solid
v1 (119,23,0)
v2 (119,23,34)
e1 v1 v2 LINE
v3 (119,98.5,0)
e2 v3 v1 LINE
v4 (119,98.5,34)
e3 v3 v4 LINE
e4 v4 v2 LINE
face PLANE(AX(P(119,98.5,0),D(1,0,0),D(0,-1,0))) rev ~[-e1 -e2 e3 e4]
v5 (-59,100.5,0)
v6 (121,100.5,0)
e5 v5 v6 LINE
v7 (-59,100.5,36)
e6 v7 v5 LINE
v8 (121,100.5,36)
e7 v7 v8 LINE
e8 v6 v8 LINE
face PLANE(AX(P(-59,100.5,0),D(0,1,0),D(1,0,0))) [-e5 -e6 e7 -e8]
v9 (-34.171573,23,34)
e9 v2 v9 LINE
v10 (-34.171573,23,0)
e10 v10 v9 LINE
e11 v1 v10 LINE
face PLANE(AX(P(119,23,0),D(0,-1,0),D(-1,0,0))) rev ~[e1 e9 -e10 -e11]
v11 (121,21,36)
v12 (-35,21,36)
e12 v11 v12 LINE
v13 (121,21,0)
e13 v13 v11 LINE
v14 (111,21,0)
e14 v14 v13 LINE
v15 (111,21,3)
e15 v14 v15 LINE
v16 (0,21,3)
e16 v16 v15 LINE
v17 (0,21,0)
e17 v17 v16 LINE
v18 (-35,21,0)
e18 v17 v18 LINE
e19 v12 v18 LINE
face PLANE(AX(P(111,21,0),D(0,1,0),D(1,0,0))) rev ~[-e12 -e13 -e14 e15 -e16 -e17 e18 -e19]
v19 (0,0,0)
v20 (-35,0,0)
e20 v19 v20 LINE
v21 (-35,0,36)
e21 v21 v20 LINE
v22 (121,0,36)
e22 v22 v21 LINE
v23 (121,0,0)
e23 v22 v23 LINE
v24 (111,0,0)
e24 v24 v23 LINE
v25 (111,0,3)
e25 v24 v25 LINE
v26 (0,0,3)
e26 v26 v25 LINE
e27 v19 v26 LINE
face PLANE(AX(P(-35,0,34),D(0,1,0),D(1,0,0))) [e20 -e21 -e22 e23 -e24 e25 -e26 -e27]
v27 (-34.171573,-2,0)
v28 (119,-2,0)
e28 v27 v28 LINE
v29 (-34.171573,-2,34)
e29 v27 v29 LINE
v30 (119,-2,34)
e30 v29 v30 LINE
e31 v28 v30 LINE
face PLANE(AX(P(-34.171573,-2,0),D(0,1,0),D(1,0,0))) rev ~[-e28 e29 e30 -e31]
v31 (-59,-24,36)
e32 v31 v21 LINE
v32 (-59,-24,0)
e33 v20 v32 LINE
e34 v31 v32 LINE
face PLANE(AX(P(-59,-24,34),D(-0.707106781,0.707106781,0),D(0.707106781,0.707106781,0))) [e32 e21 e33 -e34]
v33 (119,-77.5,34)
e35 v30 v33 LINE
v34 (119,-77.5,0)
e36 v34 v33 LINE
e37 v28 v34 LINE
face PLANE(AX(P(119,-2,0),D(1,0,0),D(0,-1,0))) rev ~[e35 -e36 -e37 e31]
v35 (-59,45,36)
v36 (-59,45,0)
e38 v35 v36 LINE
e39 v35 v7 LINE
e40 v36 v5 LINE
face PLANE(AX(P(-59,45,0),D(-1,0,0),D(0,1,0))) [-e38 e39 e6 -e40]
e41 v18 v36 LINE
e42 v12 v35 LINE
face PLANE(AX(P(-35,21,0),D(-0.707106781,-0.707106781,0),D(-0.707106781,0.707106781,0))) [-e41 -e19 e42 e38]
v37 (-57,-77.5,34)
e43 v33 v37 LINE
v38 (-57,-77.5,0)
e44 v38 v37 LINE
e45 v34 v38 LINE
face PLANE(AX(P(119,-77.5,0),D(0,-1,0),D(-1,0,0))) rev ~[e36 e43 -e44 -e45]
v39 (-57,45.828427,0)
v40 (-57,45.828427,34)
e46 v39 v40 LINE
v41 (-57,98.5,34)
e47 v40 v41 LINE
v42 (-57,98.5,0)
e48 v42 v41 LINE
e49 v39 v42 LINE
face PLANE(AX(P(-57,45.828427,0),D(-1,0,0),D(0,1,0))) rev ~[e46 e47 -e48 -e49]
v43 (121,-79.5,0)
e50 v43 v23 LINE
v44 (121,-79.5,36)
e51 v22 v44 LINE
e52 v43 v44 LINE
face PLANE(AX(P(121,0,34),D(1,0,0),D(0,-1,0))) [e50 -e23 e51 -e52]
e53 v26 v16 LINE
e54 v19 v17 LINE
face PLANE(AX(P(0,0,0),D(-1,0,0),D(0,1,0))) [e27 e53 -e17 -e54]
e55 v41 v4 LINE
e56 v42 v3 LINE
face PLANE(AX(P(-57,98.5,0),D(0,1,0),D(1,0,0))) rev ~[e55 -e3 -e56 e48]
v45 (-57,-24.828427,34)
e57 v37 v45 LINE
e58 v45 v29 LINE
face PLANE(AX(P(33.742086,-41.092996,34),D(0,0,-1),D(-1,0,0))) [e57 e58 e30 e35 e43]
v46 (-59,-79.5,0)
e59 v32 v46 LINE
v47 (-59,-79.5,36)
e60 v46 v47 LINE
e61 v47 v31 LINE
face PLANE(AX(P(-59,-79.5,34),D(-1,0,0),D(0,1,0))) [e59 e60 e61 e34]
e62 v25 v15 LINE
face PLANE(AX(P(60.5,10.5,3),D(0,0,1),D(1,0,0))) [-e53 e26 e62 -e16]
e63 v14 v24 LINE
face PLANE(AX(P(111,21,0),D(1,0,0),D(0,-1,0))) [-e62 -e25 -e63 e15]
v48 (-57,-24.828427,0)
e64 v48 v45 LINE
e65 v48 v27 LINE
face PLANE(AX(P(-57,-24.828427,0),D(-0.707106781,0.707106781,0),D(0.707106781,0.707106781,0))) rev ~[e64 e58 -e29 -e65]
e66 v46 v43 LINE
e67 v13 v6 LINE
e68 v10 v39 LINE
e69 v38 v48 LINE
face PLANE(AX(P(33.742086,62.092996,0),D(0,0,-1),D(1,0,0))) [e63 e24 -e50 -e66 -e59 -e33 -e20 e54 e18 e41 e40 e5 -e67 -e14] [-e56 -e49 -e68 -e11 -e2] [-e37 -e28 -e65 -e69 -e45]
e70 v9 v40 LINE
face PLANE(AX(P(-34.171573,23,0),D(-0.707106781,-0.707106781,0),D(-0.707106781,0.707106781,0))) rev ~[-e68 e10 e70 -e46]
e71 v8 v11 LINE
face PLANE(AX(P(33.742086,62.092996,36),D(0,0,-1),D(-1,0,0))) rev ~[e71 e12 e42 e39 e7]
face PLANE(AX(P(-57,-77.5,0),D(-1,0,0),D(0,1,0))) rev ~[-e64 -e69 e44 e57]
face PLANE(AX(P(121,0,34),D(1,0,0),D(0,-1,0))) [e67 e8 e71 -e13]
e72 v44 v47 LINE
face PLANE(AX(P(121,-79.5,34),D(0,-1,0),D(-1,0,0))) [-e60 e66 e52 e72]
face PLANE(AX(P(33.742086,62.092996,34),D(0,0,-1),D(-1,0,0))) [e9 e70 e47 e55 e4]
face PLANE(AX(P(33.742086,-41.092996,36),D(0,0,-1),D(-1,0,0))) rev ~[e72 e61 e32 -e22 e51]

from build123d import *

# Parameters (mm, degrees)
SKETCH_W     = 121
SKETCH_H     = 21
PAD_DEPTH    = 3
PAD001_DEPTH = 34
PAD002_DEPTH = 2
SKETCH003_W  = 10
SKETCH003_H  = 21
POCKET_DEPTH = 36.001


with BuildPart() as part:
    # Sketch → Pad (new body)
    with BuildSketch(Plane.XY):
        with Locations((60.5, 10.5)):
            Rectangle(SKETCH_W, SKETCH_H)
    extrude(amount=PAD_DEPTH)

    # Sketch001 (on Face5 of Pad) → Pad001 (join)
    with BuildSketch(Plane(origin=(0, 0, 0), x_dir=(1, 0, 0), z_dir=(0, 0, -1))):
        Polygon((121, -100.5), (121, -21), (-35, -21), (-59, -45), (-59, -100.5), align=None)
        Polygon((119, -98.5), (119, -23), (-34.171573, -23), (-57, -45.828427), (-57, -98.5), align=None, mode=Mode.SUBTRACT)
        Polygon((121, 0), (-35, 0), (-59, 24), (-59, 79.5), (121, 79.5), align=None)
        Polygon((-57, 77.5), (-57, 24.828427), (-34.171573, 2), (119, 2), (119, 77.5), align=None, mode=Mode.SUBTRACT)
    extrude(amount=-PAD001_DEPTH)

    # Sketch002 (on Face3 of Pad001) → Pad002 (join)
    with BuildSketch(Plane.XY.offset(34)):
        Polygon((-59, -79.5), (-59, -24), (-35, 0), (121, 0), (121, -79.5), align=None)
        Polygon((-35, 21), (-59, 45), (-59, 100.5), (121, 100.5), (121, 21), align=None)
    extrude(amount=PAD002_DEPTH)

    # Sketch003 (on Face5 of Pad002) → Pocket (cut, through all)
    with BuildSketch(Plane(origin=(0, 0, 0), x_dir=(1, 0, 0), z_dir=(0, 0, -1))):
        with Locations((116, -10.5)):
            Rectangle(SKETCH003_W, SKETCH003_H)
    extrude(amount=-POCKET_DEPTH, mode=Mode.SUBTRACT)


solid = part.part
